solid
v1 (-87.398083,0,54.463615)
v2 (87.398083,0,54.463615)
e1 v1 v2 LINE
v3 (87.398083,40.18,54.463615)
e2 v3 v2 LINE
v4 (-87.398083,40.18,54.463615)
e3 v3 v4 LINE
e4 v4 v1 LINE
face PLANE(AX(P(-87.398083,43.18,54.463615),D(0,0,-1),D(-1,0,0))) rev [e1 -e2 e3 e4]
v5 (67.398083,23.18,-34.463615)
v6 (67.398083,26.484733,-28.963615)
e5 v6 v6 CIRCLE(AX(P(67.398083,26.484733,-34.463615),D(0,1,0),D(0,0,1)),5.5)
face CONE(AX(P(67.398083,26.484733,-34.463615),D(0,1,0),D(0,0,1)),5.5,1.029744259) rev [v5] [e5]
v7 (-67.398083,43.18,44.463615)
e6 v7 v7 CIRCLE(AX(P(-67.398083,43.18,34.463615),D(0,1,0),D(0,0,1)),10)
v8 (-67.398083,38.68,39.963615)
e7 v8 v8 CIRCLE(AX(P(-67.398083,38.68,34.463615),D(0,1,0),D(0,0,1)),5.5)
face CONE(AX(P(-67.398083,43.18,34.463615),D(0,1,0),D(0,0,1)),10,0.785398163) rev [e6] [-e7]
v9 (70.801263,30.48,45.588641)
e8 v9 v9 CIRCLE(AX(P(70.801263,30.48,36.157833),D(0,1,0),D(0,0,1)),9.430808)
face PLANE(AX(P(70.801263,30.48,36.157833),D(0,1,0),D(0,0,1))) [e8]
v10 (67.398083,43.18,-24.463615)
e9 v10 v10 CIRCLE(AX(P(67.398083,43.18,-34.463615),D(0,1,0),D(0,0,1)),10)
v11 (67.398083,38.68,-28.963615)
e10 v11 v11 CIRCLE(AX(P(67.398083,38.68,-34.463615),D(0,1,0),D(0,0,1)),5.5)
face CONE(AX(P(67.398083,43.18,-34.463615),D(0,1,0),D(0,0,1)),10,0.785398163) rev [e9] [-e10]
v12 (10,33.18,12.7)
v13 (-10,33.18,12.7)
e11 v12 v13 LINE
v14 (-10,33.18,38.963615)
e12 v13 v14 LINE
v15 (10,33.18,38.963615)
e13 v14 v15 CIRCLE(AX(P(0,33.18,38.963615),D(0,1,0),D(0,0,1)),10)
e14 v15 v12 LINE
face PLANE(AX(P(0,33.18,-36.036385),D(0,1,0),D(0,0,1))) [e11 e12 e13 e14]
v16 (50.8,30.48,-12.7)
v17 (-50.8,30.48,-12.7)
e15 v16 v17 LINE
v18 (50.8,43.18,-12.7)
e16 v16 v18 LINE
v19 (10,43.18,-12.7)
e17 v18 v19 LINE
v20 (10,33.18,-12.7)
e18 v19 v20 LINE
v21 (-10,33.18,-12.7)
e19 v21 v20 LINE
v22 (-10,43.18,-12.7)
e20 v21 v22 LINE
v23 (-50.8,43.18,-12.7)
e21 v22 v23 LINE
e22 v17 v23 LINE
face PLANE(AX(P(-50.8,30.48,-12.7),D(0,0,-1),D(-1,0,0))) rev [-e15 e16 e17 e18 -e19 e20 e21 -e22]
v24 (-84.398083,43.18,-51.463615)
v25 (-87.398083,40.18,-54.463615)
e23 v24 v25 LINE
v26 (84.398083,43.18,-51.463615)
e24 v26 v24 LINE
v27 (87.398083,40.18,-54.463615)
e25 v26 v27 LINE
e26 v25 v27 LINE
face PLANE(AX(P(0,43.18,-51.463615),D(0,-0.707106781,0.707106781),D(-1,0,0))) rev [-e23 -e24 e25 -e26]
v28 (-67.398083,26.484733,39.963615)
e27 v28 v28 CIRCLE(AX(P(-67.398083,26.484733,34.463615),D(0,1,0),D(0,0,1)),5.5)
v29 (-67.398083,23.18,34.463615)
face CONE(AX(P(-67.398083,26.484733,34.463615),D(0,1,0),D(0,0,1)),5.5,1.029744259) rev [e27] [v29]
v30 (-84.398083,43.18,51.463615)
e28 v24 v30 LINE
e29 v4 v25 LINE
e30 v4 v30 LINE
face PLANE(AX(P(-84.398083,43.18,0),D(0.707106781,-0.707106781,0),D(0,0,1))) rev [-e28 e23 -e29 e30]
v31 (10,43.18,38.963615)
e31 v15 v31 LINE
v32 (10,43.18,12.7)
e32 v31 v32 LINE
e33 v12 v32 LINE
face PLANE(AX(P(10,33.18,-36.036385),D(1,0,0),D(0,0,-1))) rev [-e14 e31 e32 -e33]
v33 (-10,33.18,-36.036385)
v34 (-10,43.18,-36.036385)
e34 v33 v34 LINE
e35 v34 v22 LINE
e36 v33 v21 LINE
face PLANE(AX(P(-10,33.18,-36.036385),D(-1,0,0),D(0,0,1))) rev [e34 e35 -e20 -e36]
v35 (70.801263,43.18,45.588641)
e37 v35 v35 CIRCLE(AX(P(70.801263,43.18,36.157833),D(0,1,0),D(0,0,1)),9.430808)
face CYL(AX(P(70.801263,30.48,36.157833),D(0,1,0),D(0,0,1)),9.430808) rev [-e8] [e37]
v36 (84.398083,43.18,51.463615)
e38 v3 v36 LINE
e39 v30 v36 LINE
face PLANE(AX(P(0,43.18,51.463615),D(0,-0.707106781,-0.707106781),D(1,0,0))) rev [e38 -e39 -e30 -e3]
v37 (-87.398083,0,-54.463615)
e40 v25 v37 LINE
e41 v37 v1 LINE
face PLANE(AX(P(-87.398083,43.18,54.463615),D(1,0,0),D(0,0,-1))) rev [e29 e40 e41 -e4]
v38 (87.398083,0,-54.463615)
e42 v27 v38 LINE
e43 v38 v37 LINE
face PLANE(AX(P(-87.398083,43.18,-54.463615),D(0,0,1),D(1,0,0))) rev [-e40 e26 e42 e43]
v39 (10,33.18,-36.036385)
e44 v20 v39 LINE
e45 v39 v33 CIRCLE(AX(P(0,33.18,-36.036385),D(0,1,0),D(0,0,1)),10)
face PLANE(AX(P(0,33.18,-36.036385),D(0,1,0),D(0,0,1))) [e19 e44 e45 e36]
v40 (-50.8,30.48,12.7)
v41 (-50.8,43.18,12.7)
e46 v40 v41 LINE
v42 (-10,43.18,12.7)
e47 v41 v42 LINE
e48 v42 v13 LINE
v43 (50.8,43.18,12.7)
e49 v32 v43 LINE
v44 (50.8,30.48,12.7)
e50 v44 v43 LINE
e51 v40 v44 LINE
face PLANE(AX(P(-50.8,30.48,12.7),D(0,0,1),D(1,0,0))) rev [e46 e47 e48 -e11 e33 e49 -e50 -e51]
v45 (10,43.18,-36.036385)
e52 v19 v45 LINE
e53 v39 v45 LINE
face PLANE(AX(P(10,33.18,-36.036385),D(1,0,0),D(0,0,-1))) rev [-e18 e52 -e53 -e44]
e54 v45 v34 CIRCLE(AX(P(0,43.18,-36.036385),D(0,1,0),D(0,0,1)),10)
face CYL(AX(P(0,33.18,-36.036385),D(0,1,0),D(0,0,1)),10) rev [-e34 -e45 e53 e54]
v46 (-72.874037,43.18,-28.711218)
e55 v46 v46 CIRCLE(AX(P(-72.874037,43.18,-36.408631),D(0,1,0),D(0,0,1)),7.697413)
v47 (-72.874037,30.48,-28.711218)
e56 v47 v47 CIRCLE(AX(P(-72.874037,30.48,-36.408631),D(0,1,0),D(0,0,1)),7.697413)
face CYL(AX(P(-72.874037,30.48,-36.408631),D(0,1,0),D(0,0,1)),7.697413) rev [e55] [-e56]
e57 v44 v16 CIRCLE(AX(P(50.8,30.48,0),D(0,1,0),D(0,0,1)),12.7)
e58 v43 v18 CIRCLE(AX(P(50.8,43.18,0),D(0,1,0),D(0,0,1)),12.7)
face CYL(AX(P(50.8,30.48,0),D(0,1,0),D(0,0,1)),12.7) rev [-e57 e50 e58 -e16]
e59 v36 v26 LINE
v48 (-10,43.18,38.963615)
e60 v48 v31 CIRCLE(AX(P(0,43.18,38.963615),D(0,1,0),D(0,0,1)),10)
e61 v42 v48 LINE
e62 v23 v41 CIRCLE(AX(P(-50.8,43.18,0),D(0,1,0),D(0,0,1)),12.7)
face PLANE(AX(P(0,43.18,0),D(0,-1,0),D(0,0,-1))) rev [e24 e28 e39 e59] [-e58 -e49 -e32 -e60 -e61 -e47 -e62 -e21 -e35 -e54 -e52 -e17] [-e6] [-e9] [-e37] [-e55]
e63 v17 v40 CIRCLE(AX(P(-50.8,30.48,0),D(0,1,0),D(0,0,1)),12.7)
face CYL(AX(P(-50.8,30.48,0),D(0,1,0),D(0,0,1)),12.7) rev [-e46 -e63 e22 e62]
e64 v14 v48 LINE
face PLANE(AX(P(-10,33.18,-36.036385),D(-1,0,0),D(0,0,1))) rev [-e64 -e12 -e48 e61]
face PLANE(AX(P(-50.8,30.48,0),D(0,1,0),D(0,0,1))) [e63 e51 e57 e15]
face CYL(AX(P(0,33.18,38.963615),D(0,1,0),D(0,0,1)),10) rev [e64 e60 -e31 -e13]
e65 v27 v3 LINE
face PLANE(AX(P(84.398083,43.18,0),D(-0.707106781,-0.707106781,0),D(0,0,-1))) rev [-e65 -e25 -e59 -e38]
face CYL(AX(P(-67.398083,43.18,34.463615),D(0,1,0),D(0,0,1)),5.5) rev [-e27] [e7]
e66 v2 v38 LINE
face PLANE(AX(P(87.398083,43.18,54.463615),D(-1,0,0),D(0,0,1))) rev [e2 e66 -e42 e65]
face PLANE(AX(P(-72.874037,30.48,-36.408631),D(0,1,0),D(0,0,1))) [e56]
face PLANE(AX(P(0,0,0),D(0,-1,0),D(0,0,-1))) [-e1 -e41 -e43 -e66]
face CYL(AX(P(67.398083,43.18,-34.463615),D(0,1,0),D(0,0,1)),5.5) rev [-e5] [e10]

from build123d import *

# Parameters (mm, degrees)
SKETCH1_W                                        = 174.796166906
SKETCH1_H                                        = 108.92723011
BOSS_EXTRUDE1_DEPTH                              = 43.18
SKETCH2_R                                        = 7.697413188
SKETCH2_R_2                                      = 9.430807524
CUT_EXTRUDE1_DEPTH                               = 12.7
CUT_EXTRUDE2_DEPTH                               = 10
CSK_FOR_M10_FLAT_HEAD_MACHINE_SCREW1_D           = 11
CSK_FOR_M10_FLAT_HEAD_MACHINE_SCREW1_DEPTH       = 16.695266595
CSK_FOR_M10_FLAT_HEAD_MACHINE_SCREW1_CSINK_D     = 20
CSK_FOR_M10_FLAT_HEAD_MACHINE_SCREW1_CSINK_ANGLE = 90
CSK_FOR_M10_FLAT_HEAD_MACHINE_SCREW1_TIP         = 3.304733405
CHAMFER1_SIZE                                    = 3


with BuildPart() as part:
    # Sketch1 → Boss-Extrude1 (new body)
    with BuildSketch(Plane(origin=(0, 0, 0), x_dir=(1, 0, 0), z_dir=(0, 1, 0))):
        Rectangle(SKETCH1_W, SKETCH1_H)
    extrude(amount=BOSS_EXTRUDE1_DEPTH)

    # Sketch2 → Cut-Extrude1 (cut)
    with BuildSketch(Plane(origin=(0, 43.18, 0), x_dir=(1, 0, 0), z_dir=(0, 1, 0))):
        with Locations(Location((-72.874036632, 36.40863105, 0), (0, 0, 270))):  # turned: the seam where the file's is
            Circle(SKETCH2_R)
        with Locations(Location((70.801263176, -36.157833353, 0), (0, 0, 270))):  # turned: the seam where the file's is
            Circle(SKETCH2_R_2)
        with BuildLine():
            Line((-50.8, 12.7), (50.8, 12.7))
            ThreePointArc((50.8, 12.7), (63.5, 0), (50.8, -12.7))
            Line((50.8, -12.7), (-50.8, -12.7))
            ThreePointArc((-50.8, -12.7), (-63.5, 0), (-50.8, 12.7))
        make_face()
    extrude(amount=-CUT_EXTRUDE1_DEPTH, mode=Mode.SUBTRACT)

    # Sketch3 → Cut-Extrude2 (cut)
    with BuildSketch(Plane(origin=(0, 43.18, 0), x_dir=(1, 0, 0), z_dir=(0, 1, 0))):
        with BuildLine():
            Line((10, 36.036384945), (10, -38.963615055))
            ThreePointArc((10, -38.963615055), (0, -48.963615055), (-10, -38.963615055))
            Line((-10, -38.963615055), (-10, 36.036384945))
            ThreePointArc((-10, 36.036384945), (0, 46.036384945), (10, 36.036384945))
        make_face()
    extrude(amount=-CUT_EXTRUDE2_DEPTH, mode=Mode.SUBTRACT)

    # CSK for M10 Flat Head Machine Screw1
    with Locations(Plane(origin=(0, 43.18, 0), x_dir=(1, 0, 0), z_dir=(0, 1, 0))):
        with Locations((67.398083453, 34.463615055), (-67.398083453, -34.463615055)):
            CounterSinkHole(CSK_FOR_M10_FLAT_HEAD_MACHINE_SCREW1_D / 2, CSK_FOR_M10_FLAT_HEAD_MACHINE_SCREW1_CSINK_D / 2, depth=CSK_FOR_M10_FLAT_HEAD_MACHINE_SCREW1_DEPTH, counter_sink_angle=CSK_FOR_M10_FLAT_HEAD_MACHINE_SCREW1_CSINK_ANGLE)
            with Locations((0, 0, -(CSK_FOR_M10_FLAT_HEAD_MACHINE_SCREW1_DEPTH + CSK_FOR_M10_FLAT_HEAD_MACHINE_SCREW1_TIP / 2))):  # 118° drill point
                Cone(0, CSK_FOR_M10_FLAT_HEAD_MACHINE_SCREW1_D / 2, CSK_FOR_M10_FLAT_HEAD_MACHINE_SCREW1_TIP, mode=Mode.SUBTRACT)

    # Chamfer1
    chamfer1_edges = [part.edges().sort_by_distance(p)[0] for p in [
        (-87.398083453, 43.18, 0),
        (0, 43.18, 54.463615055),
        (87.398083453, 43.18, 0),
        (0, 43.18, -54.463615055),
    ]]
    chamfer(chamfer1_edges, length=CHAMFER1_SIZE)


solid = part.part
